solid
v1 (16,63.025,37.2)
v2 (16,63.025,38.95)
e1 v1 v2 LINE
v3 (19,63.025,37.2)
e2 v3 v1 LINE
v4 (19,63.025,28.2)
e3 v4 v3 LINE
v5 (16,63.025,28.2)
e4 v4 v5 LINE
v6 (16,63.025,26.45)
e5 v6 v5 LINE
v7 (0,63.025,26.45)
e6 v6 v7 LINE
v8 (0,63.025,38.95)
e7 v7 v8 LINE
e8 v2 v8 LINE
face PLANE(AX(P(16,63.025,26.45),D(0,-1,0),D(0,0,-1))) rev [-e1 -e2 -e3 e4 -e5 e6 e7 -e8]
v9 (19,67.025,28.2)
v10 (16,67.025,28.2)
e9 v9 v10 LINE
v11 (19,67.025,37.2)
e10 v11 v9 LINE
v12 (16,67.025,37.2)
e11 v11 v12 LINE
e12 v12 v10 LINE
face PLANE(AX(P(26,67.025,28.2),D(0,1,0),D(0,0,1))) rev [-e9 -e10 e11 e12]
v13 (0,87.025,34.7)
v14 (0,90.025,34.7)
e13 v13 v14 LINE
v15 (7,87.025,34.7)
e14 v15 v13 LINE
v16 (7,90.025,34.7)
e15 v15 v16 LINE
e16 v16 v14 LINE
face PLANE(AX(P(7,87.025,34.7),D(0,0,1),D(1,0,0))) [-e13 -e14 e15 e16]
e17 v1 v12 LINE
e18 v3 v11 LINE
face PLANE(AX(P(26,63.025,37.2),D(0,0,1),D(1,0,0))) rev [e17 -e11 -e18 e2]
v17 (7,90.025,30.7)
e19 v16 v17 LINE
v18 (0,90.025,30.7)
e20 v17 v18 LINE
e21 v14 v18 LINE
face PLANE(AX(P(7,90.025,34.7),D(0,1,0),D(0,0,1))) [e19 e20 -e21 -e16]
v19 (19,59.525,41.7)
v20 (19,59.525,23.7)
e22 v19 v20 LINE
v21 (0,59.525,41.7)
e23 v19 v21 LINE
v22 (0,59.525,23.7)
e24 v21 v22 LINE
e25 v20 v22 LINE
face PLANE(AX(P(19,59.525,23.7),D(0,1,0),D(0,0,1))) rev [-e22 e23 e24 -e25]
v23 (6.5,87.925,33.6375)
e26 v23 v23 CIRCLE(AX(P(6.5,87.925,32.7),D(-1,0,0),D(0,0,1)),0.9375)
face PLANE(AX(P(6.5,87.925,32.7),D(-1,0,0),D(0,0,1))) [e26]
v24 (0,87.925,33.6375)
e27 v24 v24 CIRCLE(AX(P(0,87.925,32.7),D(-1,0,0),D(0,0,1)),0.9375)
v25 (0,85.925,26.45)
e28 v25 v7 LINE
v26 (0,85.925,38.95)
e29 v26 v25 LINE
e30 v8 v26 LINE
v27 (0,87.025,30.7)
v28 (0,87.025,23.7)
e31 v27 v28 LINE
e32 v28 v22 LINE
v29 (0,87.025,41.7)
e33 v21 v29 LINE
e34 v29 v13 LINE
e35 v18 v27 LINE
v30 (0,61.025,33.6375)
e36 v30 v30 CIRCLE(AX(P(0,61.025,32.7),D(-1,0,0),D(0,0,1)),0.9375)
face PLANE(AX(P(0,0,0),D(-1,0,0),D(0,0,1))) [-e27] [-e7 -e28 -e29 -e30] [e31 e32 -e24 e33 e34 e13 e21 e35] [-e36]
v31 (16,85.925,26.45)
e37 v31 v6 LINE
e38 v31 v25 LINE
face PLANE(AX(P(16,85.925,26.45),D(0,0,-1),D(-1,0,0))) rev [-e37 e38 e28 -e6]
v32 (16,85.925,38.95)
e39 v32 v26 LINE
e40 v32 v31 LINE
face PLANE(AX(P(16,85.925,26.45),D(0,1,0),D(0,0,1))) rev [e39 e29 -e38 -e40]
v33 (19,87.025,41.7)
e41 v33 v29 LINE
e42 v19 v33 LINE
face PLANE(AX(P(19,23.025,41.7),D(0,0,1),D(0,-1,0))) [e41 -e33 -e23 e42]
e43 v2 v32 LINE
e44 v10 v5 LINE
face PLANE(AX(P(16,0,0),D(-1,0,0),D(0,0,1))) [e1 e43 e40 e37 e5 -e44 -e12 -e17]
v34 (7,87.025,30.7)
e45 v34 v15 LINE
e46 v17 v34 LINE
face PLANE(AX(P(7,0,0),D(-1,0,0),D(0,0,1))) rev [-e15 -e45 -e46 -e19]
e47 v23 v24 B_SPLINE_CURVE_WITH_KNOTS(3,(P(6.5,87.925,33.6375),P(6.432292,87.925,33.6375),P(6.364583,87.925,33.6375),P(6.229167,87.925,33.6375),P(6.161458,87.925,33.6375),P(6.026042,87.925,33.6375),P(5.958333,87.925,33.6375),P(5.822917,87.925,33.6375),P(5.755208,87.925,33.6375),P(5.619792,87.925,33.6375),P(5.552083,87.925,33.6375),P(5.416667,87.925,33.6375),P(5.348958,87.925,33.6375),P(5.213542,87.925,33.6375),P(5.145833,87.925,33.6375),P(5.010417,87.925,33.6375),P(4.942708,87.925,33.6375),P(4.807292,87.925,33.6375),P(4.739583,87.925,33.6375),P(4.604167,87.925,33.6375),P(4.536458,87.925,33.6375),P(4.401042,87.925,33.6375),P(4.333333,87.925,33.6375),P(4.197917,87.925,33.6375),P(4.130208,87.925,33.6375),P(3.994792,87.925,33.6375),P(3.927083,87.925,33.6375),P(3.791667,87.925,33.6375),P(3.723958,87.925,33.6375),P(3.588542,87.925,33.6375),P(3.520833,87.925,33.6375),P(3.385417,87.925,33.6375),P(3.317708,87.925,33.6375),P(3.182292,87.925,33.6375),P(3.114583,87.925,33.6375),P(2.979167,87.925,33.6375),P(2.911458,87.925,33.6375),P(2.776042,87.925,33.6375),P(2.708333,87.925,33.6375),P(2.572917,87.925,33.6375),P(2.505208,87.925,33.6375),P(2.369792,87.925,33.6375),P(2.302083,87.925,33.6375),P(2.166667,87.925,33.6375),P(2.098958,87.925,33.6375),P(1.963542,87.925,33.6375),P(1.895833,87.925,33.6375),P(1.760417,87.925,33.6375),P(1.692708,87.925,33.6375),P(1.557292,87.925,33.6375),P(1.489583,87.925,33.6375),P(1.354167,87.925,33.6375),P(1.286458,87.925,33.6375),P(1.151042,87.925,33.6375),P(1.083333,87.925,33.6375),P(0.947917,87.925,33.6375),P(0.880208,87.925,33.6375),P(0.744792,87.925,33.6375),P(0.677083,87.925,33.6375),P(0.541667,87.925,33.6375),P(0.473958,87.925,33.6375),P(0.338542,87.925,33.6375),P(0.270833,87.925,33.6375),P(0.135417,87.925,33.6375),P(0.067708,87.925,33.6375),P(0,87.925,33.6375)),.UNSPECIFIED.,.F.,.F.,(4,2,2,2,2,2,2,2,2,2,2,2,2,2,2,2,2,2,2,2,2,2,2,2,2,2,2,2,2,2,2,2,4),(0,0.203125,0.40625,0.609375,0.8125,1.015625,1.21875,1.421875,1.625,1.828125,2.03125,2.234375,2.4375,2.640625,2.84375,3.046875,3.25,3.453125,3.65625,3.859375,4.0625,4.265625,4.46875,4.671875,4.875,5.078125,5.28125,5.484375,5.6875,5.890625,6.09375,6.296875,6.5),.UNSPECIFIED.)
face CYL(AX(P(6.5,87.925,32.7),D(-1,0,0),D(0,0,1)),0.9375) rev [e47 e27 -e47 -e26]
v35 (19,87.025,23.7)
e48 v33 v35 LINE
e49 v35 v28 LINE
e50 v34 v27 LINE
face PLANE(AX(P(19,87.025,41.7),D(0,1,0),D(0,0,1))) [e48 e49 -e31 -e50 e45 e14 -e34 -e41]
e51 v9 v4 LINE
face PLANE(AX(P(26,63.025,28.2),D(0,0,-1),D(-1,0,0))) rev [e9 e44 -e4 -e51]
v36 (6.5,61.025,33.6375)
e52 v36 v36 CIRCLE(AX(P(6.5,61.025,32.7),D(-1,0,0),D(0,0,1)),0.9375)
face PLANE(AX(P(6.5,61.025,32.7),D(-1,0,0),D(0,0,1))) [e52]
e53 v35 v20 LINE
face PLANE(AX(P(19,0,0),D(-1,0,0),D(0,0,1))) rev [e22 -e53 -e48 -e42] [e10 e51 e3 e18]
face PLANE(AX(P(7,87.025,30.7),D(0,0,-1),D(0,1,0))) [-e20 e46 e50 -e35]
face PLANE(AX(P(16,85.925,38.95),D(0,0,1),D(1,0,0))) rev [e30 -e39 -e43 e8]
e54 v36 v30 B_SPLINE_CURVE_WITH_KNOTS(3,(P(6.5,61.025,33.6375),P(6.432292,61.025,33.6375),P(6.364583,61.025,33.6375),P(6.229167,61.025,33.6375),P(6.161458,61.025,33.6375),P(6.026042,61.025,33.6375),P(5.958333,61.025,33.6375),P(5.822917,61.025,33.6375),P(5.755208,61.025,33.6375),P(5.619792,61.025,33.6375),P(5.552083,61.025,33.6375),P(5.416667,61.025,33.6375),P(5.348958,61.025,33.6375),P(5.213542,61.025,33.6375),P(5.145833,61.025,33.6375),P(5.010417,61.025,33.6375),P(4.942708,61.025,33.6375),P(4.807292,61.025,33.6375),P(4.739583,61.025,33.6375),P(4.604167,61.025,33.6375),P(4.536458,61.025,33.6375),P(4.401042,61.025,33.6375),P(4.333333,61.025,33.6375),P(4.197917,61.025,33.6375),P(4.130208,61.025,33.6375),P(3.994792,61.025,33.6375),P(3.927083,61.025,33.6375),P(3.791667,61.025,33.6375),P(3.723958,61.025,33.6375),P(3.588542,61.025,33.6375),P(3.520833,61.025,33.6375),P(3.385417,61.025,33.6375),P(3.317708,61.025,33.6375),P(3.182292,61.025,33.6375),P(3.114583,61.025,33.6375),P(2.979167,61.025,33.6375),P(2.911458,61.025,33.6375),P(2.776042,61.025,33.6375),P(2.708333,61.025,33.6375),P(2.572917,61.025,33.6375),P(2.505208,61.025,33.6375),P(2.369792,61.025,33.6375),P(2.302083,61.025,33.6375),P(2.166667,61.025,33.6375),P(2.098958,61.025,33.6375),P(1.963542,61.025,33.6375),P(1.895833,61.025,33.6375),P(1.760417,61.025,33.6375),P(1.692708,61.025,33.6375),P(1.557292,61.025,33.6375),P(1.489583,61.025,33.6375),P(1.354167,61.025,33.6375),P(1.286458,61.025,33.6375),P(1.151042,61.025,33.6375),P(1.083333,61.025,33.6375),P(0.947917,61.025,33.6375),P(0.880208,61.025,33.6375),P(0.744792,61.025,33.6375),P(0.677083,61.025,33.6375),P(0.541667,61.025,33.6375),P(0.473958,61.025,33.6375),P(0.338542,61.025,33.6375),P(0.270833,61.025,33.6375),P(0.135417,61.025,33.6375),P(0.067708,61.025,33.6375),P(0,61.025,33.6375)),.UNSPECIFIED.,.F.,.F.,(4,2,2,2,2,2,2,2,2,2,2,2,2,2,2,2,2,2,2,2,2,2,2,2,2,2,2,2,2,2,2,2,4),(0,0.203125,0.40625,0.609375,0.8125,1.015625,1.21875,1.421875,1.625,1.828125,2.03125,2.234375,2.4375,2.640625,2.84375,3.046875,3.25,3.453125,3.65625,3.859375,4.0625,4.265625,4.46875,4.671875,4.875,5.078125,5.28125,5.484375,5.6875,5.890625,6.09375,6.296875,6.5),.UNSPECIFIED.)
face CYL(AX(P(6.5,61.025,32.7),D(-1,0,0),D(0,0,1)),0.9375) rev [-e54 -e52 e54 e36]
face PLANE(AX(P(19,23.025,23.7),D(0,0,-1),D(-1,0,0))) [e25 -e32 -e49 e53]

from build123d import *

# Parameters (mm, degrees)
BOSS_EXTRUDE1_DEPTH = 19
SKETCH3_W           = 4.925645198
SKETCH3_H           = 33.799871634
BOSS_EXTRUDE2_DEPTH = 19
SKETCH4_W           = 4.925645198
SKETCH4_H           = 7.649871634
CUT_EXTRUDE1_DEPTH  = 41.8379487
SKETCH5_W           = 10.925645198
SKETCH5_H           = 26.15
CUT_EXTRUDE3_DEPTH  = 37.834770316
SKETCH6_W           = 24.5
SKETCH6_H           = 6.25
BOSS_EXTRUDE3_DEPTH = 19
SKETCH7_W           = 18
SKETCH7_H           = 64
BOSS_EXTRUDE4_DEPTH = 19
BOSS_EXTRUDE5_DEPTH = 19
SKETCH10_W          = 12.5
SKETCH10_H          = 22.9
CUT_EXTRUDE4_DEPTH  = 16
SKETCH11_W          = 4
SKETCH11_H          = 3
BOSS_EXTRUDE6_DEPTH = 7
SKETCH12_R          = 0.9375
CUT_EXTRUDE5_DEPTH  = 6.5
BOSS_EXTRUDE7_DEPTH = 19
CUT_EXTRUDE6_DEPTH  = 102.016783878
CUT_EXTRUDE7_DEPTH  = 102.016783878
CUT_EXTRUDE8_DEPTH  = 102.016783878
SKETCH20_W          = 9.2
SKETCH20_H          = 10.4
CUT_EXTRUDE10_DEPTH = 102.016783878
SKETCH21_W          = 5
SKETCH21_H          = 22
BOSS_EXTRUDE8_DEPTH = 19
CUT_EXTRUDE11_DEPTH = 102.016783878
CUT_EXTRUDE12_DEPTH = 102.016783878
SKETCH24_W          = 9
SKETCH24_H          = 4
CUT_EXTRUDE13_DEPTH = 10


with BuildPart() as part:
    # Sketch2 → Boss-Extrude1 (new body)
    with BuildSketch(Plane(origin=(0, 0, 0), x_dir=(0, 0, -1), z_dir=(1, 0, 0))):
        Polygon((-4.2, 3.125), (-14.2, 3.125), (-14.2, -3.125), (-4.2, -3.125), (-4.2, -5.2), (-2.4, -5.2), (0, -2.8), (0, 2.8), (-2.4, 5.2), (-4.2, 5.2), align=None)
    boss_extrude1 = extrude(amount=BOSS_EXTRUDE1_DEPTH)

    # Sketch3 → Boss-Extrude2 (add)
    with BuildSketch(Plane.ZY):
        with Locations((16.662822599, 13.774935817)):
            Rectangle(SKETCH3_W, SKETCH3_H)
    extrude(amount=-BOSS_EXTRUDE2_DEPTH)

    # Mirror2: Boss-Extrude1 across plane
    add(boss_extrude1.mirror(Plane.ZX.offset(9.95)))

    # Sketch4 → Cut-Extrude1 (cut, through all)
    with BuildSketch(Plane.ZY):
        with Locations((16.662822599, 26.849935817)):
            Rectangle(SKETCH4_W, SKETCH4_H)
    extrude(amount=-CUT_EXTRUDE1_DEPTH, mode=Mode.SUBTRACT)

    # Sketch5 → Cut-Extrude3 (cut, through all)
    with BuildSketch(Plane(origin=(19, 0, 0), x_dir=(0, 0, -1), z_dir=(1, 0, 0))):
        with Locations((-13.662822599, 9.95)):
            Rectangle(SKETCH5_W, SKETCH5_H)
    extrude(amount=-CUT_EXTRUDE3_DEPTH, mode=Mode.SUBTRACT)


with BuildPart() as cut_extrude3_piece_1:
    # of the separate pieces the step leaves, piece 1, a body of its own (cut_extrude3_pieces)
    add(part.part.solids().sort_by_distance((0, 16.775, 8.2))[0])



with BuildPart() as cut_extrude3_piece_2:
    # of the separate pieces the step leaves, piece 2, a body of its own (cut_extrude3_pieces)
    add(part.part.solids().sort_by_distance((0, 3.125, 4.2))[0])


with BuildPart() as cut_extrude3_piece_1_1:
    add(cut_extrude3_piece_1.part)

    add(cut_extrude3_piece_2.part)  # Boss-Extrude3 merges Cut-Extrude3 piece 2
    # Sketch6 → Boss-Extrude3 (add)
    with BuildSketch(Plane(origin=(19, 0, 0), x_dir=(0, 0, -1), z_dir=(1, 0, 0))):
        Polygon((-25.005276382, 16.775), (-32.7, 16.775), (-8.2, -3.125), (-8.2, 3.125), align=None)
        with Locations((-20.45, 19.9)):
            Rectangle(SKETCH6_W, SKETCH6_H)
    extrude(amount=-BOSS_EXTRUDE3_DEPTH)

    # Sketch7 → Boss-Extrude4 (add)
    with BuildSketch(Plane.ZY):
        with Locations((32.7, 55.025)):
            Rectangle(SKETCH7_W, SKETCH7_H)
    extrude(amount=-BOSS_EXTRUDE4_DEPTH)

    # Sketch9 → Boss-Extrude5 (add)
    with BuildSketch(Plane.ZY):
        Polygon((41.7, 23.025), (32.7, 23.025), (32.7, 16.775), align=None)
    extrude(amount=-BOSS_EXTRUDE5_DEPTH)

    # Sketch10 → Cut-Extrude4 (cut)
    with BuildSketch(Plane.ZY):
        with Locations((32.7, 74.475)):
            Rectangle(SKETCH10_W, SKETCH10_H)
    extrude(amount=-CUT_EXTRUDE4_DEPTH, mode=Mode.SUBTRACT)

    # Sketch11 → Boss-Extrude6 (add)
    with BuildSketch(Plane.ZY):
        with Locations((32.7, 88.525)):
            Rectangle(SKETCH11_W, SKETCH11_H)
    extrude(amount=-BOSS_EXTRUDE6_DEPTH)

    # Sketch12 → Cut-Extrude5 (cut)
    with BuildSketch(Plane.ZY):
        with Locations((32.7, 87.925)):
            Circle(SKETCH12_R)
        with Locations((32.7, 61.025)):
            Circle(SKETCH12_R)
    extrude(amount=-CUT_EXTRUDE5_DEPTH, mode=Mode.SUBTRACT)

    # Sketch13 → Boss-Extrude7 (add)
    with BuildSketch(Plane.ZY):
        Polygon((9.2, 16.775), (9.2, 3.937244898), (25.005276382, 16.775), align=None)
    extrude(amount=-BOSS_EXTRUDE7_DEPTH)

    # Sketch14 → Cut-Extrude6 (cut, through all)
    with BuildSketch(Plane.ZY):
        Polygon((23.7, 59.525), (28.7, 52.275), (28.7, 30.275), (23.7, 23.025), align=None)
        Polygon((36.7, 30.275), (41.7, 23.025), (41.7, 59.525), (36.7, 52.275), align=None)
    extrude(amount=-CUT_EXTRUDE6_DEPTH, mode=Mode.SUBTRACT)

    # Sketch16 → Cut-Extrude7 (cut, through all)
    with BuildSketch(Plane(origin=(19, 0, 0), x_dir=(0, 0, -1), z_dir=(1, 0, 0))):
        Polygon((-8.2, -3.125), (-41.231348669, 23.704544429), (-41.7, 23.025), align=None)
    extrude(amount=-CUT_EXTRUDE7_DEPTH, mode=Mode.SUBTRACT)

    # Sketch17 → Cut-Extrude8 (cut, through all)
    with BuildSketch(Plane.ZY):
        Polygon((36.7, 30.275), (36.7, 20.023979592), (41.231348669, 23.704544429), align=None)
    extrude(amount=-CUT_EXTRUDE8_DEPTH, mode=Mode.SUBTRACT)

    # Sketch20 → Cut-Extrude10 (cut, through all)
    with BuildSketch(Plane.ZY):
        Polygon((36.7, 16.775), (9.2, 16.775), (9.2, 5.2), (9.2, -5.2), (36.7, -5.2), align=None)
        with Locations((4.6, 0)):
            Rectangle(SKETCH20_W, SKETCH20_H)
    extrude(amount=-CUT_EXTRUDE10_DEPTH, mode=Mode.SUBTRACT)

    # Sketch21 → Boss-Extrude8 (add, through all)
    with BuildSketch(Plane.ZY):
        with Locations((8.8, 5.775)):
            Rectangle(SKETCH21_W, SKETCH21_H)
    extrude(amount=-BOSS_EXTRUDE8_DEPTH)

    # Sketch22 → Cut-Extrude11 (cut, through all)
    with BuildSketch(Plane.ZY):
        Polygon((32.7, 16.775), (36.7, 22.575), (36.7, 20.023979592), align=None)
    extrude(amount=-CUT_EXTRUDE11_DEPTH, mode=Mode.SUBTRACT)

    # Sketch23 → Cut-Extrude12 (cut, through all)
    with BuildSketch(Plane.ZY):
        Polygon((23.7, 59.525), (41.7, 59.525), (41.7, -5.225), (6.3, -5.225), (0, 17.1), (0, 22.7), (2.4, 25.1), align=None)
    extrude(amount=-CUT_EXTRUDE12_DEPTH, mode=Mode.SUBTRACT)

    # Sketch24 → Cut-Extrude13 (cut)
    with BuildSketch(Plane.ZY.offset(-16)):
        with Locations((32.7, 65.025)):
            Rectangle(SKETCH24_W, SKETCH24_H)
    extrude(amount=-CUT_EXTRUDE13_DEPTH, mode=Mode.SUBTRACT)


solid = cut_extrude3_piece_1_1.part
